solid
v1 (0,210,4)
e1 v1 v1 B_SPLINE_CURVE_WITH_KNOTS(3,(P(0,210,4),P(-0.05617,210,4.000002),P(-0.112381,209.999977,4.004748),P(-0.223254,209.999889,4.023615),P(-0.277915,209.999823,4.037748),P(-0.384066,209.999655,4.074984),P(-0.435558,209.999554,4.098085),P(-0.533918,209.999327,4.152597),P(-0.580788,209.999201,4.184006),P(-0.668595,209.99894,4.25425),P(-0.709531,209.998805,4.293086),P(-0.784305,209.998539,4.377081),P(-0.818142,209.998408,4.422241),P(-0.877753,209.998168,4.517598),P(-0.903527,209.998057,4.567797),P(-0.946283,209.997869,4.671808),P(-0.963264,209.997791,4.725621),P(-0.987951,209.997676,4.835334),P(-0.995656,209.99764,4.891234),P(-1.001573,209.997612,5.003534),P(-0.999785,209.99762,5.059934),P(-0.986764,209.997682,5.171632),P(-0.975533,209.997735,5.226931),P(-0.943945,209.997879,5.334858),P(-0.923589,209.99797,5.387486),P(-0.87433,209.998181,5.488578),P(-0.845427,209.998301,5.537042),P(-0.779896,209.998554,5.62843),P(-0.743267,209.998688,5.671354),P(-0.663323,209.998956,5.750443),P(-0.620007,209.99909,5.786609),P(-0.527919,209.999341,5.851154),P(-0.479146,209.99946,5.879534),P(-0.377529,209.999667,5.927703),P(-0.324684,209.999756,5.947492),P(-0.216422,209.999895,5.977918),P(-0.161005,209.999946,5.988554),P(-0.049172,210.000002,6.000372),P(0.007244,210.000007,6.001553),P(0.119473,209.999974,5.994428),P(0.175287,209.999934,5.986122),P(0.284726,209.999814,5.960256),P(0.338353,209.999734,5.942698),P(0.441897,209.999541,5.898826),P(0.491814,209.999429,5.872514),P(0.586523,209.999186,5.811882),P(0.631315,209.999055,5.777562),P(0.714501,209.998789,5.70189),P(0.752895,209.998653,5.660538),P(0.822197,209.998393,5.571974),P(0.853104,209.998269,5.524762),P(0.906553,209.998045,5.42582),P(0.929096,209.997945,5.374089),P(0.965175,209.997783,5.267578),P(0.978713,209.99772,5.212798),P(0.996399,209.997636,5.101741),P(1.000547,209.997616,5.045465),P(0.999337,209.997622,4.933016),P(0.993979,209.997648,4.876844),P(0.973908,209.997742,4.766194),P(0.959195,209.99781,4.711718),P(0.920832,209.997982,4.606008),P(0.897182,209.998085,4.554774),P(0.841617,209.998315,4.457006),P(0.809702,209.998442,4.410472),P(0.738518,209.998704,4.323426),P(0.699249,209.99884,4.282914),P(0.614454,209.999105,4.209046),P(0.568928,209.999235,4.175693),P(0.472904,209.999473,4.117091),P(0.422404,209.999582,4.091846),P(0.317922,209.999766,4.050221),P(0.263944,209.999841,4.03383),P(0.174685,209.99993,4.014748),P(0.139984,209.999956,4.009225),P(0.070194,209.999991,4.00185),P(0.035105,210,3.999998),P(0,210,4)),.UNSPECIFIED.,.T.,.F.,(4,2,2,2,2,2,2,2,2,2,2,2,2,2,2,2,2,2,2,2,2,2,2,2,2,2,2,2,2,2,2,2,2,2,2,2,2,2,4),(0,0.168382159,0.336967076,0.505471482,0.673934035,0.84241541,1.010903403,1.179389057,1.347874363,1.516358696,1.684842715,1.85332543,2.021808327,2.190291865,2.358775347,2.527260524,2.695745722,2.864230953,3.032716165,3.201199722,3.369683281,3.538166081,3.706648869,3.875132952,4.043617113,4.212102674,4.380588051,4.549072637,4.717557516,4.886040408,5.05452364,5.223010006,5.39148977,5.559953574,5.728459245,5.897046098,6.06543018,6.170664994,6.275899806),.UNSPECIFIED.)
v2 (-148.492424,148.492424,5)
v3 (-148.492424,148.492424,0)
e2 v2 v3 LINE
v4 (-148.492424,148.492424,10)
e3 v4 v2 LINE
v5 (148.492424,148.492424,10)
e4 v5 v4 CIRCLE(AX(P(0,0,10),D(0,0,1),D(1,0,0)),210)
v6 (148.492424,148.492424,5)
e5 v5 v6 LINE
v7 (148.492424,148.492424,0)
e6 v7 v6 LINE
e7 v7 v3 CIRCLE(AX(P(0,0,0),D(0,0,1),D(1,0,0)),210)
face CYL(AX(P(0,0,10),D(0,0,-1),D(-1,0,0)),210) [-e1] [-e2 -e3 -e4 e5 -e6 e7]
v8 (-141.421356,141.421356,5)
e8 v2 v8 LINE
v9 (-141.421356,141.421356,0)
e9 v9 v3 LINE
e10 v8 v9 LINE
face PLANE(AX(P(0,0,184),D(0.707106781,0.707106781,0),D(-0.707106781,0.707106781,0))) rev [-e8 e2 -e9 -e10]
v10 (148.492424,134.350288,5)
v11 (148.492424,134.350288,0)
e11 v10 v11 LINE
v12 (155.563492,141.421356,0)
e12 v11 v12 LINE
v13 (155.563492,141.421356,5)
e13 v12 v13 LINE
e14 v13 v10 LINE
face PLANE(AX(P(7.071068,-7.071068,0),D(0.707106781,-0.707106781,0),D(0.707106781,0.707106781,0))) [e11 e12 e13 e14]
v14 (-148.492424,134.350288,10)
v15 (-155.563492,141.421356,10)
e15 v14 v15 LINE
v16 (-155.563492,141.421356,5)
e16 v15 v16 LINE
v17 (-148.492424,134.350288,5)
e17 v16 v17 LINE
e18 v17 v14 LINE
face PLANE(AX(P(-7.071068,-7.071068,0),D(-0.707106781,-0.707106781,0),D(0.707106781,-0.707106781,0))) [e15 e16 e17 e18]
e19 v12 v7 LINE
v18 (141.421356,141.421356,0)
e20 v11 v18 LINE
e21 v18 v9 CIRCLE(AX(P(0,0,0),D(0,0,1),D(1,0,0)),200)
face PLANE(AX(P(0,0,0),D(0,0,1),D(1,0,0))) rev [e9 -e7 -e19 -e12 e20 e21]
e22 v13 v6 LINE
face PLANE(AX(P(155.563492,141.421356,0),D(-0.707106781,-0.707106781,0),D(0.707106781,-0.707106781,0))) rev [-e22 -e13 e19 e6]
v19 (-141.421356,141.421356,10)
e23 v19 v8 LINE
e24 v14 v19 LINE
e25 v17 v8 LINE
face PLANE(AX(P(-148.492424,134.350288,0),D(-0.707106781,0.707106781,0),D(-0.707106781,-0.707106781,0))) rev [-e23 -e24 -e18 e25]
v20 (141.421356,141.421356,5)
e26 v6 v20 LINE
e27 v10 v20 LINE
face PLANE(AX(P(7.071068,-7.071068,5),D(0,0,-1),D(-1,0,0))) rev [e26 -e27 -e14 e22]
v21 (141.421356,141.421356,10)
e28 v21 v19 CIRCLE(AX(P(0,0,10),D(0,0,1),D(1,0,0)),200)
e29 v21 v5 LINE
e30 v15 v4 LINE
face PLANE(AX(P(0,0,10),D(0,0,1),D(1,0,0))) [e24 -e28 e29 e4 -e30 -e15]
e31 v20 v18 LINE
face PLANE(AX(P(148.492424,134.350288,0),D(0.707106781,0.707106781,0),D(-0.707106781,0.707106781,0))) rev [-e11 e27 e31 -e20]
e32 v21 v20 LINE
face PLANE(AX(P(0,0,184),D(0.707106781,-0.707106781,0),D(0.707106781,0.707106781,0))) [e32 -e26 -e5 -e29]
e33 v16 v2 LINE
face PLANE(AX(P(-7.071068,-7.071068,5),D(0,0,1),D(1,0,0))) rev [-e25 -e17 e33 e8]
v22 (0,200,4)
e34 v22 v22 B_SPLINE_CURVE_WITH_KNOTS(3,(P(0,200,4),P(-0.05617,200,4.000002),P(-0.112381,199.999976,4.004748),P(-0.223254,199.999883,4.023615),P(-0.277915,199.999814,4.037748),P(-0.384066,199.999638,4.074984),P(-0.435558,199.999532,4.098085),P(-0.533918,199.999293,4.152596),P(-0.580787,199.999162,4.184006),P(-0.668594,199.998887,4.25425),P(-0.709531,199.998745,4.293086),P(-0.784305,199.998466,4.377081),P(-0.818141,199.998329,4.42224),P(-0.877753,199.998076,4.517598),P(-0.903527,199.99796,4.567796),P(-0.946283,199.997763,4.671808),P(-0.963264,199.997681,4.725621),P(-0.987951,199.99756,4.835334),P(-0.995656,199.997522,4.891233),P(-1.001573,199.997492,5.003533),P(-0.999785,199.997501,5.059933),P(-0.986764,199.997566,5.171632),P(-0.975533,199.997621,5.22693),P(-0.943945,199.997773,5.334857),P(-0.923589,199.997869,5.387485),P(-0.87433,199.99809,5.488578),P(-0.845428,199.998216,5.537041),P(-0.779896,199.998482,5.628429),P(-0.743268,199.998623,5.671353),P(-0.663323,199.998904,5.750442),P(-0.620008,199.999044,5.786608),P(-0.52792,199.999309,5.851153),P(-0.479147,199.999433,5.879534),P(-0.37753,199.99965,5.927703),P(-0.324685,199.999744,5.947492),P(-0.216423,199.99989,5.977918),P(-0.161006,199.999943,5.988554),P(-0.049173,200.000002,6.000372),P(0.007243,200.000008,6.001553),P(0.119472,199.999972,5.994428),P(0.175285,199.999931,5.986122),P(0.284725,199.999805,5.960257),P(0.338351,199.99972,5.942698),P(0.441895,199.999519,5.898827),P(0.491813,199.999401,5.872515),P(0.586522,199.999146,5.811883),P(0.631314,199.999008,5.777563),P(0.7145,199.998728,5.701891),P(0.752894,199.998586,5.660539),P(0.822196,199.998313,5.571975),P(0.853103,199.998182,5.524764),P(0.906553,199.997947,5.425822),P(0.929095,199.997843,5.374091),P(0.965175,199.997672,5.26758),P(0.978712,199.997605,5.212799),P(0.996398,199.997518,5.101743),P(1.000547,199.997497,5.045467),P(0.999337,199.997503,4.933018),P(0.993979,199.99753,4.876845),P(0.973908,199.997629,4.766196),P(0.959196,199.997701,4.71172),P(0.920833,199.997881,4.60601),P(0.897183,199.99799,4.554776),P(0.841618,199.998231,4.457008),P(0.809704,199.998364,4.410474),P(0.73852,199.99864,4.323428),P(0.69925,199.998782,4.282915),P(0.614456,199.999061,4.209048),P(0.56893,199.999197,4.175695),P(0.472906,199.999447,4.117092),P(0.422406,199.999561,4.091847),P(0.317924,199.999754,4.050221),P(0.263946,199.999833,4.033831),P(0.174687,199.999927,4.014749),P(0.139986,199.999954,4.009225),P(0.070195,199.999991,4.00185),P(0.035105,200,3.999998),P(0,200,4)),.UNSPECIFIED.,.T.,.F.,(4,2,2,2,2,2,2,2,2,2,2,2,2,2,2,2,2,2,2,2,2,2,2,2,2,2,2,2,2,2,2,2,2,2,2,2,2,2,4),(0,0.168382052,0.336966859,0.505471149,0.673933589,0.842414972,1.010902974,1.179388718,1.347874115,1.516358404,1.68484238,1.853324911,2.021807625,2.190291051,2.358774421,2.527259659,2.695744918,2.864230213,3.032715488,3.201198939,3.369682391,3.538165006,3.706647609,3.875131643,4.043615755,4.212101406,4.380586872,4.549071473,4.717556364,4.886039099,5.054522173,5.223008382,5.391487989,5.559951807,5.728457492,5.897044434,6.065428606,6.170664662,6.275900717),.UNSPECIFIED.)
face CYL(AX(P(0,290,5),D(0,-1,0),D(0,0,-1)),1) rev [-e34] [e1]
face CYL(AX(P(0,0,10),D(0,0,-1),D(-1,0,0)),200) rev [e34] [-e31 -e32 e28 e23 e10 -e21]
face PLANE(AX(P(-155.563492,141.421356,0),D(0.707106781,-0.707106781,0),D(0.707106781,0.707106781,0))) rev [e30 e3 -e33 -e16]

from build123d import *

# Parameters (mm, degrees)
IZIM1_R                     = 210
IZIM1_R_2                   = 200
Y_KSEKLIK_EKSTR_ZYON1_DEPTH = 10
KES_EKSTR_ZYON1_DEPTH       = 290
KES_EKSTR_ZYON1_DEPTH_BACK  = 290
IZIM3_R                     = 1
KES_EKSTR_ZYON2_DEPTH       = 290
KES_EKSTR_ZYON2_DEPTH_BACK  = 290
IZIM4_R                     = 1
KES_EKSTR_ZYON8_DEPTH       = 184
KES_EKSTR_ZYON8_DEPTH_BACK  = 455
IZIM6_W                     = 5
IZIM6_H                     = 10
Y_KSEKLIK_EKSTR_ZYON2_DEPTH = 10
IZIM7_W                     = 5
IZIM7_H                     = 10
Y_KSEKLIK_EKSTR_ZYON4_DEPTH = 10


with BuildPart() as part:
    # Çizim1 → Yükseklik-Ekstrüzyon1 (new body)
    with BuildSketch(Plane.XY):
        Circle(IZIM1_R)
        Circle(IZIM1_R_2, mode=Mode.SUBTRACT)
    extrude(amount=Y_KSEKLIK_EKSTR_ZYON1_DEPTH)

    # Çizim3 → Kes-Ekstrüzyon1 (cut, two sides: drawn at the far end of the back side and taken through both)
    with BuildSketch(Plane(origin=(0, 0, 0), x_dir=(1, 0, 0), z_dir=(0, 1, 0)).offset(-KES_EKSTR_ZYON1_DEPTH_BACK)):
        with Locations((0, -5)):
            Circle(IZIM3_R)
    extrude(amount=KES_EKSTR_ZYON1_DEPTH + KES_EKSTR_ZYON1_DEPTH_BACK, mode=Mode.SUBTRACT)

    # Çizim4 → Kes-Ekstrüzyon2 (cut, two sides: drawn at the far end of the back side and taken through both)
    with BuildSketch(Plane(origin=(0, 0, 0), x_dir=(0, 0, -1), z_dir=(1, 0, 0)).offset(-KES_EKSTR_ZYON2_DEPTH_BACK)):
        with Locations((-5, 0)):
            Circle(IZIM4_R)
    extrude(amount=KES_EKSTR_ZYON2_DEPTH + KES_EKSTR_ZYON2_DEPTH_BACK, mode=Mode.SUBTRACT)

    # Çizim5 → Kes-Ekstrüzyon8 (cut, two sides: drawn at the far end of the back side and taken through both)
    with BuildSketch(Plane.XY.offset(-KES_EKSTR_ZYON8_DEPTH_BACK)):
        with BuildLine():
            Line((-141.421356237, 141.421356237), (-148.492424049, 148.492424049))
            ThreePointArc((-148.492424049, 148.492424049), (0, -210), (148.492424049, 148.492424049))
            Line((148.492424049, 148.492424049), (141.421356237, 141.421356237))
            ThreePointArc((141.421356237, 141.421356237), (0, -200), (-141.421356237, 141.421356237))
        make_face()
    extrude(amount=KES_EKSTR_ZYON8_DEPTH + KES_EKSTR_ZYON8_DEPTH_BACK, mode=Mode.SUBTRACT)

    # Çizim6 → Yükseklik-Ekstrüzyon2 (add)
    with BuildSketch(Plane(origin=(0, 0, 0), x_dir=(0, 0, -1), z_dir=(0.7071067811865477, -0.7071067811865475, 0))):
        with Locations((-2.5, 205)):
            Rectangle(IZIM6_W, IZIM6_H)
    extrude(amount=Y_KSEKLIK_EKSTR_ZYON2_DEPTH)

    # Çizim7 → Yükseklik-Ekstrüzyon4 (add)
    with BuildSketch(Plane(origin=(0, 0, 0), x_dir=(0, 0, 1), z_dir=(-0.7071067811865477, -0.7071067811865475, 0))):
        with Locations((7.5, 205)):
            Rectangle(IZIM7_W, IZIM7_H)
    extrude(amount=Y_KSEKLIK_EKSTR_ZYON4_DEPTH)


solid = part.part
